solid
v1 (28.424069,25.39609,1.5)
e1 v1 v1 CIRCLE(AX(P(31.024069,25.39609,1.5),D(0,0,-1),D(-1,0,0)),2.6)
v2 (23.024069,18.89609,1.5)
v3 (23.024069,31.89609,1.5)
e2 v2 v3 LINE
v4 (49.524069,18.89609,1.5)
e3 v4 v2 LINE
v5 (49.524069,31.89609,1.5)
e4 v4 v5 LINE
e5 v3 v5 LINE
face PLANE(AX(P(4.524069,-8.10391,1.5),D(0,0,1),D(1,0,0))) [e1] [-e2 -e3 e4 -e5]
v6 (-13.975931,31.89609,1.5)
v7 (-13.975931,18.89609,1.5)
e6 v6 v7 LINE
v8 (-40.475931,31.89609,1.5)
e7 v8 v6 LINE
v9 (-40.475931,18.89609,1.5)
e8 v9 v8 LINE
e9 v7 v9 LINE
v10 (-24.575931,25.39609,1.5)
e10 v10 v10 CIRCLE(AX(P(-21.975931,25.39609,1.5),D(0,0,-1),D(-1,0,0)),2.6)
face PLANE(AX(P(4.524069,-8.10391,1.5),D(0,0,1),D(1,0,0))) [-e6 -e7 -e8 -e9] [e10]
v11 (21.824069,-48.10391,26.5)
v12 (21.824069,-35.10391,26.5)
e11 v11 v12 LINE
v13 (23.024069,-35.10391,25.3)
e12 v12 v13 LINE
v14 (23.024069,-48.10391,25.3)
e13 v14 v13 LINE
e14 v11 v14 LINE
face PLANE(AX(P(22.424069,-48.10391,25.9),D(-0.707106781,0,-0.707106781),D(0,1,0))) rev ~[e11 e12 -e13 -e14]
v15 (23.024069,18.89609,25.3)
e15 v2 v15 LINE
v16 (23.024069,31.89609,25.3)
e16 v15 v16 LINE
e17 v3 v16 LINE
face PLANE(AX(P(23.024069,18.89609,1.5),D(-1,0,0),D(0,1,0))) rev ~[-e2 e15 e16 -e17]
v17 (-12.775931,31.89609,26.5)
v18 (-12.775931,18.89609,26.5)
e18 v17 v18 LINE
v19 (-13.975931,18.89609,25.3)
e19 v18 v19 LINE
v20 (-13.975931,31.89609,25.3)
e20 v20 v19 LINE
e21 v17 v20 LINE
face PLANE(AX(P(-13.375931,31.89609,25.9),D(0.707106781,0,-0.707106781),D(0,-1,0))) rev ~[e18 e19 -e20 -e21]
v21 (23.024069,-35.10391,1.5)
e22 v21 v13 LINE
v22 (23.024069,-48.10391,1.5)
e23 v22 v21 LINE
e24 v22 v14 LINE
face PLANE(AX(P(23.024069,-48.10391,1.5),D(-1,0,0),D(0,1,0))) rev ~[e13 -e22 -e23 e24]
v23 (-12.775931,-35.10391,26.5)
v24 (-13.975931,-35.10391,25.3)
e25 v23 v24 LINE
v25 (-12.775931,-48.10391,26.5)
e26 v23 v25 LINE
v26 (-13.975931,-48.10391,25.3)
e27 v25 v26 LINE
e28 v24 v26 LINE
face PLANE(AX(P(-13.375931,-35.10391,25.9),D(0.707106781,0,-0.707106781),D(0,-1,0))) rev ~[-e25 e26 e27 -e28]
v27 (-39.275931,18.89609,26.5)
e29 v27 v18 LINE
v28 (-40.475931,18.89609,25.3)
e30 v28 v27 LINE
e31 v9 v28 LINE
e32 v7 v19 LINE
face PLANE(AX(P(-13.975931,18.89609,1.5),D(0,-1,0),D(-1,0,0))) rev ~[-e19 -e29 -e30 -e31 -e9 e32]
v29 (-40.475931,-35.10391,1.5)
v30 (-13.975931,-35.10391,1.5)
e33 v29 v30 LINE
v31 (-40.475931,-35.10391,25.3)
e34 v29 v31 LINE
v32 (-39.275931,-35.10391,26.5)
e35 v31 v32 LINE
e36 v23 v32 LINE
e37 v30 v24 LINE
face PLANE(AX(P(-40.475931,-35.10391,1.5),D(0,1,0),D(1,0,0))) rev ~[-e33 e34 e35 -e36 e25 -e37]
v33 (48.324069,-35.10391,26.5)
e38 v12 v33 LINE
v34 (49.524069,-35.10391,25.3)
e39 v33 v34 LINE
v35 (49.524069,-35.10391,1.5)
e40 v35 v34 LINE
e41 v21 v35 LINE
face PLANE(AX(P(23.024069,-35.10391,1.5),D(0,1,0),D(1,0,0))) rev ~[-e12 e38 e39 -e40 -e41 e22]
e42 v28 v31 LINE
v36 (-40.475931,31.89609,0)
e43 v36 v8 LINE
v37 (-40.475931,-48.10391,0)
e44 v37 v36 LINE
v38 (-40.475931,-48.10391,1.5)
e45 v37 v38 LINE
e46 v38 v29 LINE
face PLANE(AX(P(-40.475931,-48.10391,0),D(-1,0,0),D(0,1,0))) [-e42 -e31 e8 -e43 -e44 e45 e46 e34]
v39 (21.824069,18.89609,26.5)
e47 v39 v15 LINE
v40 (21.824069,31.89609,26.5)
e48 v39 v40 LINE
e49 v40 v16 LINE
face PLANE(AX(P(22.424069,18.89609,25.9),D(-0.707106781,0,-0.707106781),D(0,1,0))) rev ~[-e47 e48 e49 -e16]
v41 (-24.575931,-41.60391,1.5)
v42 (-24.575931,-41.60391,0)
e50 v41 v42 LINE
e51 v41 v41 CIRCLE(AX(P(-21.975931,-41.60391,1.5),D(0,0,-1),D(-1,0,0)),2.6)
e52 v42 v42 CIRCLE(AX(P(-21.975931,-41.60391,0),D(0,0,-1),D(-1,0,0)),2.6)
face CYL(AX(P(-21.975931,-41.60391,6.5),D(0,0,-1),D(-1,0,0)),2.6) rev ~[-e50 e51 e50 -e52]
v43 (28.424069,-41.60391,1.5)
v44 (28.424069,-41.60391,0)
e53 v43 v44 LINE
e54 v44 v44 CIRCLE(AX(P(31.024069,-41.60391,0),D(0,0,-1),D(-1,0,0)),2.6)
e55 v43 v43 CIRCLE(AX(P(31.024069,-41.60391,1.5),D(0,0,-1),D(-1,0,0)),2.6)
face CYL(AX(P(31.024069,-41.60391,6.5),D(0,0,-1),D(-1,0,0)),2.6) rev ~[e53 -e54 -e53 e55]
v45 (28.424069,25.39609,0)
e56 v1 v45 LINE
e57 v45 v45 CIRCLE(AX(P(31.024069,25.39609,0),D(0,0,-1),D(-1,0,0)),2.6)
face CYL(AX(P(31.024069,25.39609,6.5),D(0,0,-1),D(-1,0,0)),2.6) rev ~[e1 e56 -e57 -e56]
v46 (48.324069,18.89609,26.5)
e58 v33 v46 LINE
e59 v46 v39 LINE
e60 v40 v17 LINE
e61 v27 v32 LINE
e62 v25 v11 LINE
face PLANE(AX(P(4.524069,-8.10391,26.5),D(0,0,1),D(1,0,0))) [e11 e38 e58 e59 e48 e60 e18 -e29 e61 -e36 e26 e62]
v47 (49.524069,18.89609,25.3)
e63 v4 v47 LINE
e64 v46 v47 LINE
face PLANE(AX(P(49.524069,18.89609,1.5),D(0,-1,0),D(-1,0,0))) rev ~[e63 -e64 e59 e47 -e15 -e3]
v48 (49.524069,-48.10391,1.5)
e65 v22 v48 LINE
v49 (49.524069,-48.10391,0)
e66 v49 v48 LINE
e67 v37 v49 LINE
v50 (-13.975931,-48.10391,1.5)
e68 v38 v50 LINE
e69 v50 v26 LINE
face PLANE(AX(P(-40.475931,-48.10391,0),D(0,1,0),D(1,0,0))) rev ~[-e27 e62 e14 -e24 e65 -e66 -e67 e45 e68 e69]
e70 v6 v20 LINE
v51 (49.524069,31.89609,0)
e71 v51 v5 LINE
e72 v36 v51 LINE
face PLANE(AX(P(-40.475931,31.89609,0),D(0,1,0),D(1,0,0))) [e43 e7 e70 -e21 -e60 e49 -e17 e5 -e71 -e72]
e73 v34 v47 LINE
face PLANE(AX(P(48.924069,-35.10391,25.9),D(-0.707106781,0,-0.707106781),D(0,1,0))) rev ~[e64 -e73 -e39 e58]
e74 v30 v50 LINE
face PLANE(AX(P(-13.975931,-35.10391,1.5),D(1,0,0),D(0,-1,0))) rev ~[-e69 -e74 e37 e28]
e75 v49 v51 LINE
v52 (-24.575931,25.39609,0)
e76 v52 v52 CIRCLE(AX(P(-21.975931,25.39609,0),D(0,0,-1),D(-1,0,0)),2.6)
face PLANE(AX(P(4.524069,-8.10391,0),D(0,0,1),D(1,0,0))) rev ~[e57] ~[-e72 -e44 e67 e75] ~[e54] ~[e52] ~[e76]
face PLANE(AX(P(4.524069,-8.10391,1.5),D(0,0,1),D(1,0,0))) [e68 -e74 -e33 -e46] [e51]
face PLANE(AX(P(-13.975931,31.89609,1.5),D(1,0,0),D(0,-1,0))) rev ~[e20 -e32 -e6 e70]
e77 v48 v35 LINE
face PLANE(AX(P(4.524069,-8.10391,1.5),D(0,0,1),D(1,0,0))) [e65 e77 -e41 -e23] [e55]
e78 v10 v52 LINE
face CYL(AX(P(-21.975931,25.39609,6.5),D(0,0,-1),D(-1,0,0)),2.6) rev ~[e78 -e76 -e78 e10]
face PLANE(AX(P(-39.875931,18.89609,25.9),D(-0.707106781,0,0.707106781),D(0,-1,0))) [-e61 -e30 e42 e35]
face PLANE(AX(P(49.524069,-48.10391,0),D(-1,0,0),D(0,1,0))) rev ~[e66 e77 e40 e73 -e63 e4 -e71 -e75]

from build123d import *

# Parameters (mm, degrees)
F0_W     = 90
F0_H     = 80
F1_DEPTH = 1.5
F3_DEPTH = 25
F4_D     = 5.2
F4_DEPTH = 5
F4_TIP   = 1.5622376095
F5_SIZE  = 1.2


with BuildPart() as f1:
    # F0 (on Top) → F1 (new body)
    with BuildSketch(Plane.XY):
        with Locations((4.5240691602, -8.1039099395)):
            Rectangle(F0_W, F0_H)
    extrude(amount=F1_DEPTH)

    # F2 (on face) → F3 (join)
    with BuildSketch(Plane.XY.offset(1.5)):
        Polygon((0, 31.8960900605), (-13.9759308398, 31.8960900605), (-13.9759308398, 18.8960900605), (-40.4759308398, 18.8960900605), (-40.4759308398, -35.1039099395), (-13.9759308398, -35.1039099395), (-13.9759308398, -48.1039099395), (23.0240691602, -48.1039099395), (23.0240691602, -35.1039099395), (49.5240691602, -35.1039099395), (49.5240691602, 18.8960900605), (23.0240691602, 18.8960900605), (23.0240691602, 31.8960900605), align=None)
    extrude(amount=F3_DEPTH)

    # F4
    with Locations(Plane.XY.offset(1.5)):
        with Locations((-21.9759307802, 25.3960900605), (31.0240691602, 25.3960900605), (31.0240691602, -41.6039099395), (-21.9759307802, -41.6039099395)):
            Hole(F4_D / 2, depth=F4_DEPTH)
            with Locations((0, 0, -(F4_DEPTH + F4_TIP / 2))):  # 118° drill point
                Cone(0, F4_D / 2, F4_TIP, mode=Mode.SUBTRACT)

    # F5
    f5_edges = [f1.edges().sort_by_distance(p)[0] for p in [
        (-40.475931, -8.10391, 26.5),
        (-13.975931, -41.60391, 26.5),
        (-13.975931, 25.39609, 26.5),
        (23.024069, 25.39609, 26.5),
        (23.024069, -41.60391, 26.5),
        (49.524069, -8.10391, 26.5),
    ]]
    chamfer(f5_edges, length=F5_SIZE)


solid = f1.part
